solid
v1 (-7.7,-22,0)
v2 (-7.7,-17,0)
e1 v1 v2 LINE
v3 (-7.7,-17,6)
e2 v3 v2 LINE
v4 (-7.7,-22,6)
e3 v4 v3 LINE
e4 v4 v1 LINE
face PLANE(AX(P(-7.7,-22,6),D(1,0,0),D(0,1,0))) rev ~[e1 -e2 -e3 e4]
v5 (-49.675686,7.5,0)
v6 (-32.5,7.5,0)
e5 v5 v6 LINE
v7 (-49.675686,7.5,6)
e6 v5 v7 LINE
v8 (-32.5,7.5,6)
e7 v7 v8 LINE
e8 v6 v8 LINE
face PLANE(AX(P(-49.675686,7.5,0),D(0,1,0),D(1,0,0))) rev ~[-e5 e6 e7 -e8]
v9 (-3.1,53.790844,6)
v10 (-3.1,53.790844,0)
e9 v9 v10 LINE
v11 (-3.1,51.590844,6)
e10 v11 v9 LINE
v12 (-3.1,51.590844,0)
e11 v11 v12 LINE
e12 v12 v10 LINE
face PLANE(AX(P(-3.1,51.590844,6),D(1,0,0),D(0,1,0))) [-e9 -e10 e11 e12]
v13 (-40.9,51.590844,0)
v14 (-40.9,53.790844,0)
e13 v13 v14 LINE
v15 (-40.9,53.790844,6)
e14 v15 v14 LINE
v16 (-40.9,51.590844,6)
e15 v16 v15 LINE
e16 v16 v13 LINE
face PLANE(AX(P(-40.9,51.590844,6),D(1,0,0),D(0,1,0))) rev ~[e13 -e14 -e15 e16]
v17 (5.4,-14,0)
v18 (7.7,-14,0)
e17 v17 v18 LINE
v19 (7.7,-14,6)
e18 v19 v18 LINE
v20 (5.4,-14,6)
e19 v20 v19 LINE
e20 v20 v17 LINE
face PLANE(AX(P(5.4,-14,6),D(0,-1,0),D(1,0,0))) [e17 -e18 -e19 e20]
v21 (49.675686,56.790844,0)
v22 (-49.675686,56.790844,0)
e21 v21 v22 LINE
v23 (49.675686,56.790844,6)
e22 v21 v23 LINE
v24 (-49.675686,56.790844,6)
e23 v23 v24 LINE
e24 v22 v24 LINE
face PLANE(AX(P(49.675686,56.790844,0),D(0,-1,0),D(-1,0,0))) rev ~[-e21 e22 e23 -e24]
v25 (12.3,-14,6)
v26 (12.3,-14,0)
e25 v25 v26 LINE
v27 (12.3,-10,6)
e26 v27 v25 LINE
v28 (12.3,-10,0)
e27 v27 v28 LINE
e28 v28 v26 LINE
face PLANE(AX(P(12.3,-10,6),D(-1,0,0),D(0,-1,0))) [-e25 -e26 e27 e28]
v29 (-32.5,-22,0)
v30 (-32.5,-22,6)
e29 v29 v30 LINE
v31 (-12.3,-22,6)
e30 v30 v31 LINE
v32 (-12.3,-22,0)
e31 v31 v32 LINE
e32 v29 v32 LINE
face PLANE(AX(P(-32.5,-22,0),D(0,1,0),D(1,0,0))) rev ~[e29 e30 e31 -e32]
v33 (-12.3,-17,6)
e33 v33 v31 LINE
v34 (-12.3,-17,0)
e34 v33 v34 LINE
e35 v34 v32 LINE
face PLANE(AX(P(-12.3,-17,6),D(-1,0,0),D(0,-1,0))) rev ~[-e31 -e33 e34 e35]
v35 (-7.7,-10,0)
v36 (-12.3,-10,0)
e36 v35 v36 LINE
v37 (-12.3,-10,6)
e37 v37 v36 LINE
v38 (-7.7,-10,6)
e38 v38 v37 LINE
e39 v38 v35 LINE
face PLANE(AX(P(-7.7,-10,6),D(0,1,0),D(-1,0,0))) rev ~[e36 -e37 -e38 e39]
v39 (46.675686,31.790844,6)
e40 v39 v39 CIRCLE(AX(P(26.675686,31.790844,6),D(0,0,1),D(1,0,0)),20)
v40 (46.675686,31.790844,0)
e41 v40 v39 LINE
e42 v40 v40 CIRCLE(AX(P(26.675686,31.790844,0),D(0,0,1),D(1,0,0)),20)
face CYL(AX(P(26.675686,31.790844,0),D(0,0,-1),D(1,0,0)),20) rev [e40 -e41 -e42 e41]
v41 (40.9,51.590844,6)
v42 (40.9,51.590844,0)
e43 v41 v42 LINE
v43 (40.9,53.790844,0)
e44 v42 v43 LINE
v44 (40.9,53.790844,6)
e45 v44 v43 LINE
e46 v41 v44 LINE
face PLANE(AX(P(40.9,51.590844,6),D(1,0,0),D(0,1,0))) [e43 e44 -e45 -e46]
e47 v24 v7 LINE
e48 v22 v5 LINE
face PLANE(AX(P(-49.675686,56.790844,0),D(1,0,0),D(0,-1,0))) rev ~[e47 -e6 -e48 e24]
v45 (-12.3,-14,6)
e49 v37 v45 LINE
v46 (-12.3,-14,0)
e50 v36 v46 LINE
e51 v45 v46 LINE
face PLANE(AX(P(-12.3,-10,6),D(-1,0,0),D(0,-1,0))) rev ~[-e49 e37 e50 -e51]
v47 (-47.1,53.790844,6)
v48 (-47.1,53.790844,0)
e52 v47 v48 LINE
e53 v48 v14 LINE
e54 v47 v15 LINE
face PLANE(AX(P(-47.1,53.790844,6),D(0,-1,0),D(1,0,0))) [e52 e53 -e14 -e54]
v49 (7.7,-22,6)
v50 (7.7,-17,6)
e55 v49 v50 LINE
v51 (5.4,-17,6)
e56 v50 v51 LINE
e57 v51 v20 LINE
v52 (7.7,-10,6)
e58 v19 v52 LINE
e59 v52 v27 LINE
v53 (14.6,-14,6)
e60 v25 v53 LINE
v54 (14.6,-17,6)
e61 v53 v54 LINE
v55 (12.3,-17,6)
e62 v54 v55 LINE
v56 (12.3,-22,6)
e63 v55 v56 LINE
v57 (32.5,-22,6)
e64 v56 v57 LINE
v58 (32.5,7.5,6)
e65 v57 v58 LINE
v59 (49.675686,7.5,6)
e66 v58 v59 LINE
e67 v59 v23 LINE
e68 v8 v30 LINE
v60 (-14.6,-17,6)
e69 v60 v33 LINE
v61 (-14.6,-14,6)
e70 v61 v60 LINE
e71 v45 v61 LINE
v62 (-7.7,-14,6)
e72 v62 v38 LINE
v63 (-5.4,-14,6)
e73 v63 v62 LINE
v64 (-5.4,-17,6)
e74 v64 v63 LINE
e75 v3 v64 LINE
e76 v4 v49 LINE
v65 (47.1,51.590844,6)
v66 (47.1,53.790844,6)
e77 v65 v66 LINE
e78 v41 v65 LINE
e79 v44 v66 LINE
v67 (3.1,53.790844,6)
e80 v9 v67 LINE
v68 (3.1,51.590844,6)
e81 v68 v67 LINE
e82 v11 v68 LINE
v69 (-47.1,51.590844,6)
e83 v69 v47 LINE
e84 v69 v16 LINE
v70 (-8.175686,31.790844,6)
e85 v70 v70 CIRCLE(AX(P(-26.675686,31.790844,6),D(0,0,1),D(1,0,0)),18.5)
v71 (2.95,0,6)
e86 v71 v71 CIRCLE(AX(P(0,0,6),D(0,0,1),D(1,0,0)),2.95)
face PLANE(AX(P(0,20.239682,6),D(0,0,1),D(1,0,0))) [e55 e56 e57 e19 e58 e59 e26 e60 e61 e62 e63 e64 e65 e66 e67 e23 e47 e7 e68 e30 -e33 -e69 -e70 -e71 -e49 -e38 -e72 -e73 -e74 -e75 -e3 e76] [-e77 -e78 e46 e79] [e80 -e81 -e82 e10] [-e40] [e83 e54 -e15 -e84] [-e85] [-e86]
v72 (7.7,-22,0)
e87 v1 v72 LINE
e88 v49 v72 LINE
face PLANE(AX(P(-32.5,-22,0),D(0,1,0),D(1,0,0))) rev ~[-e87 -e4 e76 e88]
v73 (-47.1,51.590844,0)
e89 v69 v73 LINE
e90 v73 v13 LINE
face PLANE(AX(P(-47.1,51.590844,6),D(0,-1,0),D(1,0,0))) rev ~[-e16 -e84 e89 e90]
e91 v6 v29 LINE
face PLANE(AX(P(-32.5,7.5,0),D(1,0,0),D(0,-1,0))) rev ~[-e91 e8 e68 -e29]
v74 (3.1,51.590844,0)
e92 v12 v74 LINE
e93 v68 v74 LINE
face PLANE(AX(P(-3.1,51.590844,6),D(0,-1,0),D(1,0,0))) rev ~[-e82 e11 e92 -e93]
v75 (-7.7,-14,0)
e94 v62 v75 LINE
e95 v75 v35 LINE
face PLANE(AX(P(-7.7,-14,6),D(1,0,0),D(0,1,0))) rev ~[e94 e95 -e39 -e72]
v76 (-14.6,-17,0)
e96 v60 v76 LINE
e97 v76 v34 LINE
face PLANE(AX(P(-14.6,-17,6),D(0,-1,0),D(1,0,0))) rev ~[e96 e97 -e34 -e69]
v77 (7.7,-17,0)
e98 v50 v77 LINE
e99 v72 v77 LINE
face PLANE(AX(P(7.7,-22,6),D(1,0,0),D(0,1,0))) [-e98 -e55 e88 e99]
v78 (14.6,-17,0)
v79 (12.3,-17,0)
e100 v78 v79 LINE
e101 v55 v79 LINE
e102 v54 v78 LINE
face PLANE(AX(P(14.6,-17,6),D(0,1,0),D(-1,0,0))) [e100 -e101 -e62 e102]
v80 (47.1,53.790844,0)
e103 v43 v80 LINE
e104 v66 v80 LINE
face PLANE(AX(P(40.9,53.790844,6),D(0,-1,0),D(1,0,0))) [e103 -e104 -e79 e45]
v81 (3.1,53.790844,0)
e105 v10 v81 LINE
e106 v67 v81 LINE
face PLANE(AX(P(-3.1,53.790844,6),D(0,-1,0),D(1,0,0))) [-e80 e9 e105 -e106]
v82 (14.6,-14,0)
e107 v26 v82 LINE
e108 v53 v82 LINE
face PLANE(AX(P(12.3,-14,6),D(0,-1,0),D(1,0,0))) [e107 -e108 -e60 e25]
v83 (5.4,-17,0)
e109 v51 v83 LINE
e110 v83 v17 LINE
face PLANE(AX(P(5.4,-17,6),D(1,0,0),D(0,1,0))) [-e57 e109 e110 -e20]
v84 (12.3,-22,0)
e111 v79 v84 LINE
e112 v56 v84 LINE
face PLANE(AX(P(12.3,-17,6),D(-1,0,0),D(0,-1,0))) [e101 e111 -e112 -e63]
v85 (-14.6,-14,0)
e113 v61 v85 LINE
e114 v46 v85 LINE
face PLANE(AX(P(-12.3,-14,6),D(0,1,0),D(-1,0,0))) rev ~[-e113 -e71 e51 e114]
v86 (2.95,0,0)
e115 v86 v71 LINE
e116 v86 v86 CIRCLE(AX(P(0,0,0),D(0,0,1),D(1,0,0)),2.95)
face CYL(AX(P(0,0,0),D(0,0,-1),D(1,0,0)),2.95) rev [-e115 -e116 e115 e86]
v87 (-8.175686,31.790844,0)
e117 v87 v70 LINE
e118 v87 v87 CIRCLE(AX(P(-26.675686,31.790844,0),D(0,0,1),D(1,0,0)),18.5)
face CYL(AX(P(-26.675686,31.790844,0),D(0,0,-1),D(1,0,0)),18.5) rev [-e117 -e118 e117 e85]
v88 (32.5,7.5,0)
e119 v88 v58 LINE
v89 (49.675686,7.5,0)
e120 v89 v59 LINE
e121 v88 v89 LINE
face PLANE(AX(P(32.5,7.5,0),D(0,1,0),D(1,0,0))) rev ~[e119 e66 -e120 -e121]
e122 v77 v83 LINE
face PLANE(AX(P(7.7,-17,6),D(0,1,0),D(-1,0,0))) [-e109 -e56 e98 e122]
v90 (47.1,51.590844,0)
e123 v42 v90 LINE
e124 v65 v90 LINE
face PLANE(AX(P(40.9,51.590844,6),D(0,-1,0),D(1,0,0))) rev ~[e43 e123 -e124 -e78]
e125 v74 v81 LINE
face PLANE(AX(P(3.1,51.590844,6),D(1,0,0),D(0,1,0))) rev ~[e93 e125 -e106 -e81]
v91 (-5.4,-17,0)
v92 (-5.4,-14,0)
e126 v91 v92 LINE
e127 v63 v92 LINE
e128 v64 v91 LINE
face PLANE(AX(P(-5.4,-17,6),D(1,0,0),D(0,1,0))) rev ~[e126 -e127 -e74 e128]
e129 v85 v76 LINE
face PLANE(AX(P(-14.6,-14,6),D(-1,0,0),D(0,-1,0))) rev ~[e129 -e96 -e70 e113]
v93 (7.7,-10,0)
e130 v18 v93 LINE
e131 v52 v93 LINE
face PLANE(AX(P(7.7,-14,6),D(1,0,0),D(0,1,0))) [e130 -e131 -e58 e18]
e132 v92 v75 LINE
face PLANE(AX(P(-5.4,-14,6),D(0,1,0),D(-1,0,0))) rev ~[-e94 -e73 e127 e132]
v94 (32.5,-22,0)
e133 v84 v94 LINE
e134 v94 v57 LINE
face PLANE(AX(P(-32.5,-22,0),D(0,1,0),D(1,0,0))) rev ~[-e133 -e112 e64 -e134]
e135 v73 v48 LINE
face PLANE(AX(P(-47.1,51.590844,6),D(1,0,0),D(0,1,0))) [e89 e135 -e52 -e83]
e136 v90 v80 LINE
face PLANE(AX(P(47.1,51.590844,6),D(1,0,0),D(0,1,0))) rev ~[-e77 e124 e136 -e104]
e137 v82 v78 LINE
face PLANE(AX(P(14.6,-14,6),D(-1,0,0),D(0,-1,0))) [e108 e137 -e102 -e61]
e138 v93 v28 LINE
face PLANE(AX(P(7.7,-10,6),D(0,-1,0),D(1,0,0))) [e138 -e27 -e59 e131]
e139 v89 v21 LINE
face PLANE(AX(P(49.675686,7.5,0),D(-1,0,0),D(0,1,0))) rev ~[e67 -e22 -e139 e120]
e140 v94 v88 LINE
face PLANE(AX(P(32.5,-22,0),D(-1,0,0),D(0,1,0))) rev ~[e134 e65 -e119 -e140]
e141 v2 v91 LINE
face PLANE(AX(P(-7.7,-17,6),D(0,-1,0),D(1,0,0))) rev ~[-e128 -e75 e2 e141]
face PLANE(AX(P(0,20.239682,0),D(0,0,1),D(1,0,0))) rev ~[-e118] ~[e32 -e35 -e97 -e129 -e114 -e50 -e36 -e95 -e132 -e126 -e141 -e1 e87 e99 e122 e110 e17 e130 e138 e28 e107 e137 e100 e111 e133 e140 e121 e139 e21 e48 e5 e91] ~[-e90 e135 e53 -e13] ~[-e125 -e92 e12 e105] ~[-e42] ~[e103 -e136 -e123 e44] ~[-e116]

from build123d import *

# Parameters (mm, degrees)
SKETCH1_R           = 2.95
SKETCH1_R_2         = 20
SKETCH1_R_3         = 18.5
BOSS_EXTRUDE1_DEPTH = 6
CUT_EXTRUDE2_DEPTH  = 76.689323992
SKETCH4_W           = 6.2
SKETCH4_H           = 2.2
CUT_EXTRUDE3_DEPTH  = 76.689323992


with BuildPart() as part:
    # Sketch1 → Boss-Extrude1 (new body)
    with BuildSketch(Plane.XY):
        Polygon((-32.5, 7.5), (-32.5, -22), (32.5, -22), (32.5, 7.5), (49.675685802, 7.5), (49.675685802, 56.790844389), (-49.675685802, 56.790844389), (-49.675685802, 7.5), align=None)
        Circle(SKETCH1_R, mode=Mode.SUBTRACT)
        with Locations((26.675685802, 31.790844389)):
            Circle(SKETCH1_R_2, mode=Mode.SUBTRACT)
        with Locations((-26.675685802, 31.790844389)):
            Circle(SKETCH1_R_3, mode=Mode.SUBTRACT)
    extrude(amount=BOSS_EXTRUDE1_DEPTH)

    # Sketch3 → Cut-Extrude2 (cut, through all)
    with BuildSketch(Plane.XY.offset(6)):
        Polygon((-12.3, -22), (-7.7, -22), (-7.7, -17), (-5.4, -17), (-5.4, -14), (-7.7, -14), (-7.7, -10), (-12.3, -10), (-12.3, -14), (-14.6, -14), (-14.6, -17), (-12.3, -17), align=None)
        Polygon((7.7, -14), (7.7, -10), (12.3, -10), (12.3, -14), (14.6, -14), (14.6, -17), (12.3, -17), (12.3, -22), (7.7, -22), (7.7, -17), (5.4, -17), (5.4, -14), align=None)
    extrude(amount=-CUT_EXTRUDE2_DEPTH, mode=Mode.SUBTRACT)

    # Sketch4 → Cut-Extrude3 (cut, through all)
    with BuildSketch(Plane.XY.offset(6)):
        with Locations((0, 52.690844389)):
            Rectangle(SKETCH4_W, SKETCH4_H)
        with Locations((44, 52.690844389)):
            Rectangle(SKETCH4_W, SKETCH4_H)
        with Locations((-44, 52.690844389)):
            Rectangle(SKETCH4_W, SKETCH4_H)
    extrude(amount=-CUT_EXTRUDE3_DEPTH, mode=Mode.SUBTRACT)


solid = part.part
